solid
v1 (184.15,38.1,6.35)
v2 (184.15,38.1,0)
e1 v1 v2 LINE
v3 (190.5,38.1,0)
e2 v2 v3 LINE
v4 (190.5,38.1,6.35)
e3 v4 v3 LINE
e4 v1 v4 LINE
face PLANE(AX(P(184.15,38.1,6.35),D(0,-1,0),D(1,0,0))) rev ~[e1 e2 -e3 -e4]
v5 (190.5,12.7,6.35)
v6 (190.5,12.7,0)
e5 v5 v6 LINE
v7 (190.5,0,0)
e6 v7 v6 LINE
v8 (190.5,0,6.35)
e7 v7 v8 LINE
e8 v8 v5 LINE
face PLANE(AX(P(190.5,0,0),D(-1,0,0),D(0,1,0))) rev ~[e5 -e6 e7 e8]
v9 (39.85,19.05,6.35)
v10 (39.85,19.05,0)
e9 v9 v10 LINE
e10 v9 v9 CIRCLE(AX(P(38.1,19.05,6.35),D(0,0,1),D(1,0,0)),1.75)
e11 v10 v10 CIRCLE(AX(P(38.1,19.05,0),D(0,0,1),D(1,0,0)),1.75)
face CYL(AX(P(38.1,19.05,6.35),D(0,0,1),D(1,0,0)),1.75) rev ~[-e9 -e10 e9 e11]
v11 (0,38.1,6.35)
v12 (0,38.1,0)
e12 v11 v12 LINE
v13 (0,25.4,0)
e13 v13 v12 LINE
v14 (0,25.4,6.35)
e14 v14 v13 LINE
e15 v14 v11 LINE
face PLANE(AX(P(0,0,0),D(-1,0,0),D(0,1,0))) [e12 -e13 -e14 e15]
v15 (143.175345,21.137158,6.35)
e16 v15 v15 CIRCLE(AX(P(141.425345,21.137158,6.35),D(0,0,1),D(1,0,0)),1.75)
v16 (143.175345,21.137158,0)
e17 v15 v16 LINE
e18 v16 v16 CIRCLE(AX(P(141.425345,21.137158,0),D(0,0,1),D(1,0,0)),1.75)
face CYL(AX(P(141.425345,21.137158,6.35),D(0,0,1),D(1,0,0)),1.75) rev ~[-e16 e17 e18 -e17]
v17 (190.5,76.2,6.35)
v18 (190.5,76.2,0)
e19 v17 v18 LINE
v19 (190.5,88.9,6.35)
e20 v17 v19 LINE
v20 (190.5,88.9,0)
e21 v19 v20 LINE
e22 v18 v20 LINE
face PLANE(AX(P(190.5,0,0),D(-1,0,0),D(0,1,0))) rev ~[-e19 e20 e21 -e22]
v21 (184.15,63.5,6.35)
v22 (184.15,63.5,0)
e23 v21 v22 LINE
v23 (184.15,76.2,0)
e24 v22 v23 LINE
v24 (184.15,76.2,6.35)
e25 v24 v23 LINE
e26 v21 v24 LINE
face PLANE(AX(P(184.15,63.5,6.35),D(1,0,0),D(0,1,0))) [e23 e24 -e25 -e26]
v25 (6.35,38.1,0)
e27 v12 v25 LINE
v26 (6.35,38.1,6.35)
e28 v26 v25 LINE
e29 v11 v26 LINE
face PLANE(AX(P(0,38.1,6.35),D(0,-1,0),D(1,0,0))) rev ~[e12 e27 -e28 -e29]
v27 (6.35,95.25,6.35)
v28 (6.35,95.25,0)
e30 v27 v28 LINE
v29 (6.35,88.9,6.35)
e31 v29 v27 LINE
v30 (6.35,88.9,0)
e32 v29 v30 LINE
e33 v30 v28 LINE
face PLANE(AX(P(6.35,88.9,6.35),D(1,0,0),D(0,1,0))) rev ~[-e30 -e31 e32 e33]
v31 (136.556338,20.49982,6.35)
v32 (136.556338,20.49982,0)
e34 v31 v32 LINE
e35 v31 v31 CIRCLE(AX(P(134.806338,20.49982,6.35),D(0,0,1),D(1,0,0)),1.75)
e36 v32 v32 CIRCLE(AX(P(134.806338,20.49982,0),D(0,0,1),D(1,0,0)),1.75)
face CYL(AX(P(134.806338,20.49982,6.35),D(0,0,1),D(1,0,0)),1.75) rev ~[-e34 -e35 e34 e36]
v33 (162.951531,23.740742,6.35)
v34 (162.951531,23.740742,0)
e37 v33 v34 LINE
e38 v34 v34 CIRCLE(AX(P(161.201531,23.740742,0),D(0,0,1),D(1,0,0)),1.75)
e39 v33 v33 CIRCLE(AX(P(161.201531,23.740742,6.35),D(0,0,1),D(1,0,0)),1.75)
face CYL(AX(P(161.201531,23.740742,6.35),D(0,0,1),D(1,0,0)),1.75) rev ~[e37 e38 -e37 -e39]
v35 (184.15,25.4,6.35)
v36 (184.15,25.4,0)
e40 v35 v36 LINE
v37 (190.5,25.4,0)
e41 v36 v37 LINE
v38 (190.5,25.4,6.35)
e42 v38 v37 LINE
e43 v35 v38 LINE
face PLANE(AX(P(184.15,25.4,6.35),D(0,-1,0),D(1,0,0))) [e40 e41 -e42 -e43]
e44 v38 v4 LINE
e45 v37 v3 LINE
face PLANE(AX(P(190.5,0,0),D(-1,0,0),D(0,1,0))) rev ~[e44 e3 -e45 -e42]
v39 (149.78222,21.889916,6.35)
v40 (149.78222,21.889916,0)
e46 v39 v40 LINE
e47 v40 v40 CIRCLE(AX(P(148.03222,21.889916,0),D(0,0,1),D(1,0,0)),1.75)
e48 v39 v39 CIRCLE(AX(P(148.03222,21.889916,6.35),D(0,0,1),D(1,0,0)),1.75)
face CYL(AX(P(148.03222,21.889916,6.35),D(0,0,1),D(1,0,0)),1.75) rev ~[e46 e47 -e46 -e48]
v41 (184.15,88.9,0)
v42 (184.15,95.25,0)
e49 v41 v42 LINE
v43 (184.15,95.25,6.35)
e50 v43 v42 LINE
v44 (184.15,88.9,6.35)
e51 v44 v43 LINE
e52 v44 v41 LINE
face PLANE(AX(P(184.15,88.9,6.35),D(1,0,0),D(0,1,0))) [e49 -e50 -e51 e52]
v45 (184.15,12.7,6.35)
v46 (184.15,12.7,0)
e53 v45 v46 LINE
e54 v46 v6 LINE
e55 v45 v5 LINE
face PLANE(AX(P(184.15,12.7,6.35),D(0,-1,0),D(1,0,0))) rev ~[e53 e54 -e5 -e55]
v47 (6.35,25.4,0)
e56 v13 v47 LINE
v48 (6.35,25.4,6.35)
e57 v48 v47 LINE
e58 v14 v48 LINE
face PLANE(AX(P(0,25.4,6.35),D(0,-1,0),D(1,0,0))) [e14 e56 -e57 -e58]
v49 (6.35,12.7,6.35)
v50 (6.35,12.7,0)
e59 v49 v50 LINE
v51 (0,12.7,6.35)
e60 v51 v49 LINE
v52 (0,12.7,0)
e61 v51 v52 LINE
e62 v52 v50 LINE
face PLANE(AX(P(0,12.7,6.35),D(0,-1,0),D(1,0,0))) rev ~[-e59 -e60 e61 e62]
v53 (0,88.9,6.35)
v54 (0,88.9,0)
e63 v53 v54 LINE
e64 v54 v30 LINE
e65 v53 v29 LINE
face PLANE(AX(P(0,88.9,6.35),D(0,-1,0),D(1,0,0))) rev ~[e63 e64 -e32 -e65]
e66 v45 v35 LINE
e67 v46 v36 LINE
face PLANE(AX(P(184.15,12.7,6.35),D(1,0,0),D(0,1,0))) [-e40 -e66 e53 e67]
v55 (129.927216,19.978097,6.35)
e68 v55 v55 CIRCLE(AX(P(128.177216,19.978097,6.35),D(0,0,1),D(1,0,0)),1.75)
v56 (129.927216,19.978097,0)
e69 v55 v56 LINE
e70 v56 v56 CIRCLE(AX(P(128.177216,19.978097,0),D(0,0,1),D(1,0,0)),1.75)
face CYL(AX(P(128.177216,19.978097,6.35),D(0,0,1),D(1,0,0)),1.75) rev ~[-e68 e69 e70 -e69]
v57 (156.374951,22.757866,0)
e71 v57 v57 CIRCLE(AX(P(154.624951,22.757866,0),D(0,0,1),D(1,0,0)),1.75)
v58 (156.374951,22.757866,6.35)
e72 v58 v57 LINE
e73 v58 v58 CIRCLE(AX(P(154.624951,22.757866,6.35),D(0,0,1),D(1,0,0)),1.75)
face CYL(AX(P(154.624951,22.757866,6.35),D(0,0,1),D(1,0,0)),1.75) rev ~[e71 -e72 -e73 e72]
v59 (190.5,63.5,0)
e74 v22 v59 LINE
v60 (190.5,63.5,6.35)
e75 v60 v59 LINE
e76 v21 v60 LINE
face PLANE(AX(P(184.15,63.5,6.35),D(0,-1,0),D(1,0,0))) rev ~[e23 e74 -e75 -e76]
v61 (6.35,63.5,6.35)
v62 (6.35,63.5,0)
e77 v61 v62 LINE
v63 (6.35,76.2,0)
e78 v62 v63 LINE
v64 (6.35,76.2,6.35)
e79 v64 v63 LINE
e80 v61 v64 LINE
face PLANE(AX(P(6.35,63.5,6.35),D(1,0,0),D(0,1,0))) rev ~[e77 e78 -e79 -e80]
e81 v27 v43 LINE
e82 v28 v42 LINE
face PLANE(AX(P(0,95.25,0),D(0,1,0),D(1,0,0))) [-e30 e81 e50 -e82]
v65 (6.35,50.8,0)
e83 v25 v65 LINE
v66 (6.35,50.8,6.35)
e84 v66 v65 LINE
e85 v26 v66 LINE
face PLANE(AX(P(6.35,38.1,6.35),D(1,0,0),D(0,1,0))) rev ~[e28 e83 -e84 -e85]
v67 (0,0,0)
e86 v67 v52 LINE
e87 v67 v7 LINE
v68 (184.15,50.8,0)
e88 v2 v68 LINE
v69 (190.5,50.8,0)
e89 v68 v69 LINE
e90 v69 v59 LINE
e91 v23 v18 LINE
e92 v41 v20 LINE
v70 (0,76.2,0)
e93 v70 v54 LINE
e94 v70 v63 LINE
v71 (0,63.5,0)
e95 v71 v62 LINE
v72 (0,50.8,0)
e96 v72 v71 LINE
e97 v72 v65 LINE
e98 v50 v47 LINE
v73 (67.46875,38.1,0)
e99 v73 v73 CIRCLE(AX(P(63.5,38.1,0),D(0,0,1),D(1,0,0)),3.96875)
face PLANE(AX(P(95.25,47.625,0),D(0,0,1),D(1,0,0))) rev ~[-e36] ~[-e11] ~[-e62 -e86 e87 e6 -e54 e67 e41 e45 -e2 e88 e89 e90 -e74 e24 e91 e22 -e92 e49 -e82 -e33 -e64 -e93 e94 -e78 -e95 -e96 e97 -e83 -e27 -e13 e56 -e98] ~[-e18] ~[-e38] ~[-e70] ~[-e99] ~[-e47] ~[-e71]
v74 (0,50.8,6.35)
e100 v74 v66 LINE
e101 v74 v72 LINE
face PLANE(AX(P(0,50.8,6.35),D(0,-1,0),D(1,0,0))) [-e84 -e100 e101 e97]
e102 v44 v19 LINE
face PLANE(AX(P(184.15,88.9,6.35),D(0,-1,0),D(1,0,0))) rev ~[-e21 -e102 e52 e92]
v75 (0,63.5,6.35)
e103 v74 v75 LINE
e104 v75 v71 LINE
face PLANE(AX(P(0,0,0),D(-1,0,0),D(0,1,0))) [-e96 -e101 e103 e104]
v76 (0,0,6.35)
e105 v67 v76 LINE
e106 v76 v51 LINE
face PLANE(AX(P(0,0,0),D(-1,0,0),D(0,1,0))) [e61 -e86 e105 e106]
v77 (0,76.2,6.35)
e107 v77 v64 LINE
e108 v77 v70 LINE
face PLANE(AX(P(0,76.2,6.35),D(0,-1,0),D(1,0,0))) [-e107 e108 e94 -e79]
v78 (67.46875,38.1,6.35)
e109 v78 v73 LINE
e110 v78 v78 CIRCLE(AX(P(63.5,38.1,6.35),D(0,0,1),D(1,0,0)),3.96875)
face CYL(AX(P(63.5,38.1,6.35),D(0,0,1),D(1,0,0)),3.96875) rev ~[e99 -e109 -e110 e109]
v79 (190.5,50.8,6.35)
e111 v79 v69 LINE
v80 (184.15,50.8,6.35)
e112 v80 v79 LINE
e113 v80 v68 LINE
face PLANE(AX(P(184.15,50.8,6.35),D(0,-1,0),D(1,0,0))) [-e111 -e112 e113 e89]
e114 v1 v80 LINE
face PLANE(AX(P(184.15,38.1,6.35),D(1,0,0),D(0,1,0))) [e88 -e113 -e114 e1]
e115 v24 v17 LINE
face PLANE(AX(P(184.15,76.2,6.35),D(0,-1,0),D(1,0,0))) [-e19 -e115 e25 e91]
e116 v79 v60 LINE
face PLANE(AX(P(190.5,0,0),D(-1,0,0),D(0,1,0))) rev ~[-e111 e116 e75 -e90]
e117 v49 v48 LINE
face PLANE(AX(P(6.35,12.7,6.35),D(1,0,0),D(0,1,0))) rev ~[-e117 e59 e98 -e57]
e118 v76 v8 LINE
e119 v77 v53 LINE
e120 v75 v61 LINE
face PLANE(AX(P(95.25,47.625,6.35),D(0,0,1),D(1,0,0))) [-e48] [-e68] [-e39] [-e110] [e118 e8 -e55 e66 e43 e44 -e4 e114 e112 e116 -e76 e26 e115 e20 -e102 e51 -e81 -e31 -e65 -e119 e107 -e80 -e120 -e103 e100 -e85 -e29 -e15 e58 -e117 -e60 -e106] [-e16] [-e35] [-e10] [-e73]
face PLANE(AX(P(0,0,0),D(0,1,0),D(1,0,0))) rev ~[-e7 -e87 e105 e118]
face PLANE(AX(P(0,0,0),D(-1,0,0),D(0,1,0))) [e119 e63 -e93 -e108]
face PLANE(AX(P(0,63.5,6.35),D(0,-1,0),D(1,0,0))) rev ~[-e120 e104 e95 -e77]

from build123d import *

# Parameters (mm, degrees)
SKETCH1_W           = 190.5
SKETCH1_H           = 95.25
BOSS_EXTRUDE1_DEPTH = 6.35
SKETCH2_R           = 3.96875
CUT_EXTRUDE1_DEPTH  = 7.35
SKETCH3_W           = 6.35
SKETCH3_H           = 12.7
CUT_EXTRUDE2_DEPTH  = 7.35
SKETCH4_W           = 6.35
SKETCH4_H           = 12.7
CUT_EXTRUDE3_DEPTH  = 7.35
LPATTERN1_COUNT     = 4
LPATTERN1_PITCH     = 25.4
SKETCH5_R           = 1.75
CUT_EXTRUDE4_DEPTH  = 7.35


with BuildPart() as part:
    # Sketch1 → Boss-Extrude1 (new body)
    with BuildSketch(Plane.XY):
        with Locations((95.25, 47.625)):
            Rectangle(SKETCH1_W, SKETCH1_H)
    extrude(amount=BOSS_EXTRUDE1_DEPTH)

    # Sketch2 → Cut-Extrude1 (cut, through all)
    with BuildSketch(Plane.XY.offset(6.35)):
        with Locations((63.5, 38.1)):
            Circle(SKETCH2_R)
    extrude(amount=-CUT_EXTRUDE1_DEPTH, mode=Mode.SUBTRACT)

    # Sketch3 → Cut-Extrude2 (cut, through all)
    with BuildSketch(Plane.XY.offset(6.35)):
        with Locations((3.175, 19.05)):
            Rectangle(SKETCH3_W, SKETCH3_H)
    cut_extrude2 = extrude(amount=-CUT_EXTRUDE2_DEPTH, mode=Mode.SUBTRACT)

    # Sketch4 → Cut-Extrude3 (cut, through all)
    with BuildSketch(Plane.XY.offset(6.35)):
        with Locations((187.325, 19.05)):
            Rectangle(SKETCH4_W, SKETCH4_H)
    cut_extrude3 = extrude(amount=-CUT_EXTRUDE3_DEPTH, mode=Mode.SUBTRACT)

    # LPattern1: Cut-Extrude2, Cut-Extrude3 ×4
    with Locations(*[(0, i * LPATTERN1_PITCH, 0) for i in range(1, LPATTERN1_COUNT)]):
        add(cut_extrude2, mode=Mode.SUBTRACT)
        add(cut_extrude3, mode=Mode.SUBTRACT)

    # Sketch5 → Cut-Extrude4 (cut, through all)
    with BuildSketch(Plane.XY.offset(6.35)):
        with Locations((38.1, 19.05)):
            Circle(SKETCH5_R)
        with Locations((128.177216497, 19.978096851)):
            Circle(SKETCH5_R)
        with Locations((134.806337987, 20.499820027)):
            Circle(SKETCH5_R)
        with Locations((141.425344505, 21.137157865)):
            Circle(SKETCH5_R)
        with Locations((148.032219837, 21.889916225)):
            Circle(SKETCH5_R)
        with Locations((154.624951466, 22.757865809)):
            Circle(SKETCH5_R)
        with Locations((161.20153118, 23.740742233)):
            Circle(SKETCH5_R)
    extrude(amount=-CUT_EXTRUDE4_DEPTH, mode=Mode.SUBTRACT)


solid = part.part
